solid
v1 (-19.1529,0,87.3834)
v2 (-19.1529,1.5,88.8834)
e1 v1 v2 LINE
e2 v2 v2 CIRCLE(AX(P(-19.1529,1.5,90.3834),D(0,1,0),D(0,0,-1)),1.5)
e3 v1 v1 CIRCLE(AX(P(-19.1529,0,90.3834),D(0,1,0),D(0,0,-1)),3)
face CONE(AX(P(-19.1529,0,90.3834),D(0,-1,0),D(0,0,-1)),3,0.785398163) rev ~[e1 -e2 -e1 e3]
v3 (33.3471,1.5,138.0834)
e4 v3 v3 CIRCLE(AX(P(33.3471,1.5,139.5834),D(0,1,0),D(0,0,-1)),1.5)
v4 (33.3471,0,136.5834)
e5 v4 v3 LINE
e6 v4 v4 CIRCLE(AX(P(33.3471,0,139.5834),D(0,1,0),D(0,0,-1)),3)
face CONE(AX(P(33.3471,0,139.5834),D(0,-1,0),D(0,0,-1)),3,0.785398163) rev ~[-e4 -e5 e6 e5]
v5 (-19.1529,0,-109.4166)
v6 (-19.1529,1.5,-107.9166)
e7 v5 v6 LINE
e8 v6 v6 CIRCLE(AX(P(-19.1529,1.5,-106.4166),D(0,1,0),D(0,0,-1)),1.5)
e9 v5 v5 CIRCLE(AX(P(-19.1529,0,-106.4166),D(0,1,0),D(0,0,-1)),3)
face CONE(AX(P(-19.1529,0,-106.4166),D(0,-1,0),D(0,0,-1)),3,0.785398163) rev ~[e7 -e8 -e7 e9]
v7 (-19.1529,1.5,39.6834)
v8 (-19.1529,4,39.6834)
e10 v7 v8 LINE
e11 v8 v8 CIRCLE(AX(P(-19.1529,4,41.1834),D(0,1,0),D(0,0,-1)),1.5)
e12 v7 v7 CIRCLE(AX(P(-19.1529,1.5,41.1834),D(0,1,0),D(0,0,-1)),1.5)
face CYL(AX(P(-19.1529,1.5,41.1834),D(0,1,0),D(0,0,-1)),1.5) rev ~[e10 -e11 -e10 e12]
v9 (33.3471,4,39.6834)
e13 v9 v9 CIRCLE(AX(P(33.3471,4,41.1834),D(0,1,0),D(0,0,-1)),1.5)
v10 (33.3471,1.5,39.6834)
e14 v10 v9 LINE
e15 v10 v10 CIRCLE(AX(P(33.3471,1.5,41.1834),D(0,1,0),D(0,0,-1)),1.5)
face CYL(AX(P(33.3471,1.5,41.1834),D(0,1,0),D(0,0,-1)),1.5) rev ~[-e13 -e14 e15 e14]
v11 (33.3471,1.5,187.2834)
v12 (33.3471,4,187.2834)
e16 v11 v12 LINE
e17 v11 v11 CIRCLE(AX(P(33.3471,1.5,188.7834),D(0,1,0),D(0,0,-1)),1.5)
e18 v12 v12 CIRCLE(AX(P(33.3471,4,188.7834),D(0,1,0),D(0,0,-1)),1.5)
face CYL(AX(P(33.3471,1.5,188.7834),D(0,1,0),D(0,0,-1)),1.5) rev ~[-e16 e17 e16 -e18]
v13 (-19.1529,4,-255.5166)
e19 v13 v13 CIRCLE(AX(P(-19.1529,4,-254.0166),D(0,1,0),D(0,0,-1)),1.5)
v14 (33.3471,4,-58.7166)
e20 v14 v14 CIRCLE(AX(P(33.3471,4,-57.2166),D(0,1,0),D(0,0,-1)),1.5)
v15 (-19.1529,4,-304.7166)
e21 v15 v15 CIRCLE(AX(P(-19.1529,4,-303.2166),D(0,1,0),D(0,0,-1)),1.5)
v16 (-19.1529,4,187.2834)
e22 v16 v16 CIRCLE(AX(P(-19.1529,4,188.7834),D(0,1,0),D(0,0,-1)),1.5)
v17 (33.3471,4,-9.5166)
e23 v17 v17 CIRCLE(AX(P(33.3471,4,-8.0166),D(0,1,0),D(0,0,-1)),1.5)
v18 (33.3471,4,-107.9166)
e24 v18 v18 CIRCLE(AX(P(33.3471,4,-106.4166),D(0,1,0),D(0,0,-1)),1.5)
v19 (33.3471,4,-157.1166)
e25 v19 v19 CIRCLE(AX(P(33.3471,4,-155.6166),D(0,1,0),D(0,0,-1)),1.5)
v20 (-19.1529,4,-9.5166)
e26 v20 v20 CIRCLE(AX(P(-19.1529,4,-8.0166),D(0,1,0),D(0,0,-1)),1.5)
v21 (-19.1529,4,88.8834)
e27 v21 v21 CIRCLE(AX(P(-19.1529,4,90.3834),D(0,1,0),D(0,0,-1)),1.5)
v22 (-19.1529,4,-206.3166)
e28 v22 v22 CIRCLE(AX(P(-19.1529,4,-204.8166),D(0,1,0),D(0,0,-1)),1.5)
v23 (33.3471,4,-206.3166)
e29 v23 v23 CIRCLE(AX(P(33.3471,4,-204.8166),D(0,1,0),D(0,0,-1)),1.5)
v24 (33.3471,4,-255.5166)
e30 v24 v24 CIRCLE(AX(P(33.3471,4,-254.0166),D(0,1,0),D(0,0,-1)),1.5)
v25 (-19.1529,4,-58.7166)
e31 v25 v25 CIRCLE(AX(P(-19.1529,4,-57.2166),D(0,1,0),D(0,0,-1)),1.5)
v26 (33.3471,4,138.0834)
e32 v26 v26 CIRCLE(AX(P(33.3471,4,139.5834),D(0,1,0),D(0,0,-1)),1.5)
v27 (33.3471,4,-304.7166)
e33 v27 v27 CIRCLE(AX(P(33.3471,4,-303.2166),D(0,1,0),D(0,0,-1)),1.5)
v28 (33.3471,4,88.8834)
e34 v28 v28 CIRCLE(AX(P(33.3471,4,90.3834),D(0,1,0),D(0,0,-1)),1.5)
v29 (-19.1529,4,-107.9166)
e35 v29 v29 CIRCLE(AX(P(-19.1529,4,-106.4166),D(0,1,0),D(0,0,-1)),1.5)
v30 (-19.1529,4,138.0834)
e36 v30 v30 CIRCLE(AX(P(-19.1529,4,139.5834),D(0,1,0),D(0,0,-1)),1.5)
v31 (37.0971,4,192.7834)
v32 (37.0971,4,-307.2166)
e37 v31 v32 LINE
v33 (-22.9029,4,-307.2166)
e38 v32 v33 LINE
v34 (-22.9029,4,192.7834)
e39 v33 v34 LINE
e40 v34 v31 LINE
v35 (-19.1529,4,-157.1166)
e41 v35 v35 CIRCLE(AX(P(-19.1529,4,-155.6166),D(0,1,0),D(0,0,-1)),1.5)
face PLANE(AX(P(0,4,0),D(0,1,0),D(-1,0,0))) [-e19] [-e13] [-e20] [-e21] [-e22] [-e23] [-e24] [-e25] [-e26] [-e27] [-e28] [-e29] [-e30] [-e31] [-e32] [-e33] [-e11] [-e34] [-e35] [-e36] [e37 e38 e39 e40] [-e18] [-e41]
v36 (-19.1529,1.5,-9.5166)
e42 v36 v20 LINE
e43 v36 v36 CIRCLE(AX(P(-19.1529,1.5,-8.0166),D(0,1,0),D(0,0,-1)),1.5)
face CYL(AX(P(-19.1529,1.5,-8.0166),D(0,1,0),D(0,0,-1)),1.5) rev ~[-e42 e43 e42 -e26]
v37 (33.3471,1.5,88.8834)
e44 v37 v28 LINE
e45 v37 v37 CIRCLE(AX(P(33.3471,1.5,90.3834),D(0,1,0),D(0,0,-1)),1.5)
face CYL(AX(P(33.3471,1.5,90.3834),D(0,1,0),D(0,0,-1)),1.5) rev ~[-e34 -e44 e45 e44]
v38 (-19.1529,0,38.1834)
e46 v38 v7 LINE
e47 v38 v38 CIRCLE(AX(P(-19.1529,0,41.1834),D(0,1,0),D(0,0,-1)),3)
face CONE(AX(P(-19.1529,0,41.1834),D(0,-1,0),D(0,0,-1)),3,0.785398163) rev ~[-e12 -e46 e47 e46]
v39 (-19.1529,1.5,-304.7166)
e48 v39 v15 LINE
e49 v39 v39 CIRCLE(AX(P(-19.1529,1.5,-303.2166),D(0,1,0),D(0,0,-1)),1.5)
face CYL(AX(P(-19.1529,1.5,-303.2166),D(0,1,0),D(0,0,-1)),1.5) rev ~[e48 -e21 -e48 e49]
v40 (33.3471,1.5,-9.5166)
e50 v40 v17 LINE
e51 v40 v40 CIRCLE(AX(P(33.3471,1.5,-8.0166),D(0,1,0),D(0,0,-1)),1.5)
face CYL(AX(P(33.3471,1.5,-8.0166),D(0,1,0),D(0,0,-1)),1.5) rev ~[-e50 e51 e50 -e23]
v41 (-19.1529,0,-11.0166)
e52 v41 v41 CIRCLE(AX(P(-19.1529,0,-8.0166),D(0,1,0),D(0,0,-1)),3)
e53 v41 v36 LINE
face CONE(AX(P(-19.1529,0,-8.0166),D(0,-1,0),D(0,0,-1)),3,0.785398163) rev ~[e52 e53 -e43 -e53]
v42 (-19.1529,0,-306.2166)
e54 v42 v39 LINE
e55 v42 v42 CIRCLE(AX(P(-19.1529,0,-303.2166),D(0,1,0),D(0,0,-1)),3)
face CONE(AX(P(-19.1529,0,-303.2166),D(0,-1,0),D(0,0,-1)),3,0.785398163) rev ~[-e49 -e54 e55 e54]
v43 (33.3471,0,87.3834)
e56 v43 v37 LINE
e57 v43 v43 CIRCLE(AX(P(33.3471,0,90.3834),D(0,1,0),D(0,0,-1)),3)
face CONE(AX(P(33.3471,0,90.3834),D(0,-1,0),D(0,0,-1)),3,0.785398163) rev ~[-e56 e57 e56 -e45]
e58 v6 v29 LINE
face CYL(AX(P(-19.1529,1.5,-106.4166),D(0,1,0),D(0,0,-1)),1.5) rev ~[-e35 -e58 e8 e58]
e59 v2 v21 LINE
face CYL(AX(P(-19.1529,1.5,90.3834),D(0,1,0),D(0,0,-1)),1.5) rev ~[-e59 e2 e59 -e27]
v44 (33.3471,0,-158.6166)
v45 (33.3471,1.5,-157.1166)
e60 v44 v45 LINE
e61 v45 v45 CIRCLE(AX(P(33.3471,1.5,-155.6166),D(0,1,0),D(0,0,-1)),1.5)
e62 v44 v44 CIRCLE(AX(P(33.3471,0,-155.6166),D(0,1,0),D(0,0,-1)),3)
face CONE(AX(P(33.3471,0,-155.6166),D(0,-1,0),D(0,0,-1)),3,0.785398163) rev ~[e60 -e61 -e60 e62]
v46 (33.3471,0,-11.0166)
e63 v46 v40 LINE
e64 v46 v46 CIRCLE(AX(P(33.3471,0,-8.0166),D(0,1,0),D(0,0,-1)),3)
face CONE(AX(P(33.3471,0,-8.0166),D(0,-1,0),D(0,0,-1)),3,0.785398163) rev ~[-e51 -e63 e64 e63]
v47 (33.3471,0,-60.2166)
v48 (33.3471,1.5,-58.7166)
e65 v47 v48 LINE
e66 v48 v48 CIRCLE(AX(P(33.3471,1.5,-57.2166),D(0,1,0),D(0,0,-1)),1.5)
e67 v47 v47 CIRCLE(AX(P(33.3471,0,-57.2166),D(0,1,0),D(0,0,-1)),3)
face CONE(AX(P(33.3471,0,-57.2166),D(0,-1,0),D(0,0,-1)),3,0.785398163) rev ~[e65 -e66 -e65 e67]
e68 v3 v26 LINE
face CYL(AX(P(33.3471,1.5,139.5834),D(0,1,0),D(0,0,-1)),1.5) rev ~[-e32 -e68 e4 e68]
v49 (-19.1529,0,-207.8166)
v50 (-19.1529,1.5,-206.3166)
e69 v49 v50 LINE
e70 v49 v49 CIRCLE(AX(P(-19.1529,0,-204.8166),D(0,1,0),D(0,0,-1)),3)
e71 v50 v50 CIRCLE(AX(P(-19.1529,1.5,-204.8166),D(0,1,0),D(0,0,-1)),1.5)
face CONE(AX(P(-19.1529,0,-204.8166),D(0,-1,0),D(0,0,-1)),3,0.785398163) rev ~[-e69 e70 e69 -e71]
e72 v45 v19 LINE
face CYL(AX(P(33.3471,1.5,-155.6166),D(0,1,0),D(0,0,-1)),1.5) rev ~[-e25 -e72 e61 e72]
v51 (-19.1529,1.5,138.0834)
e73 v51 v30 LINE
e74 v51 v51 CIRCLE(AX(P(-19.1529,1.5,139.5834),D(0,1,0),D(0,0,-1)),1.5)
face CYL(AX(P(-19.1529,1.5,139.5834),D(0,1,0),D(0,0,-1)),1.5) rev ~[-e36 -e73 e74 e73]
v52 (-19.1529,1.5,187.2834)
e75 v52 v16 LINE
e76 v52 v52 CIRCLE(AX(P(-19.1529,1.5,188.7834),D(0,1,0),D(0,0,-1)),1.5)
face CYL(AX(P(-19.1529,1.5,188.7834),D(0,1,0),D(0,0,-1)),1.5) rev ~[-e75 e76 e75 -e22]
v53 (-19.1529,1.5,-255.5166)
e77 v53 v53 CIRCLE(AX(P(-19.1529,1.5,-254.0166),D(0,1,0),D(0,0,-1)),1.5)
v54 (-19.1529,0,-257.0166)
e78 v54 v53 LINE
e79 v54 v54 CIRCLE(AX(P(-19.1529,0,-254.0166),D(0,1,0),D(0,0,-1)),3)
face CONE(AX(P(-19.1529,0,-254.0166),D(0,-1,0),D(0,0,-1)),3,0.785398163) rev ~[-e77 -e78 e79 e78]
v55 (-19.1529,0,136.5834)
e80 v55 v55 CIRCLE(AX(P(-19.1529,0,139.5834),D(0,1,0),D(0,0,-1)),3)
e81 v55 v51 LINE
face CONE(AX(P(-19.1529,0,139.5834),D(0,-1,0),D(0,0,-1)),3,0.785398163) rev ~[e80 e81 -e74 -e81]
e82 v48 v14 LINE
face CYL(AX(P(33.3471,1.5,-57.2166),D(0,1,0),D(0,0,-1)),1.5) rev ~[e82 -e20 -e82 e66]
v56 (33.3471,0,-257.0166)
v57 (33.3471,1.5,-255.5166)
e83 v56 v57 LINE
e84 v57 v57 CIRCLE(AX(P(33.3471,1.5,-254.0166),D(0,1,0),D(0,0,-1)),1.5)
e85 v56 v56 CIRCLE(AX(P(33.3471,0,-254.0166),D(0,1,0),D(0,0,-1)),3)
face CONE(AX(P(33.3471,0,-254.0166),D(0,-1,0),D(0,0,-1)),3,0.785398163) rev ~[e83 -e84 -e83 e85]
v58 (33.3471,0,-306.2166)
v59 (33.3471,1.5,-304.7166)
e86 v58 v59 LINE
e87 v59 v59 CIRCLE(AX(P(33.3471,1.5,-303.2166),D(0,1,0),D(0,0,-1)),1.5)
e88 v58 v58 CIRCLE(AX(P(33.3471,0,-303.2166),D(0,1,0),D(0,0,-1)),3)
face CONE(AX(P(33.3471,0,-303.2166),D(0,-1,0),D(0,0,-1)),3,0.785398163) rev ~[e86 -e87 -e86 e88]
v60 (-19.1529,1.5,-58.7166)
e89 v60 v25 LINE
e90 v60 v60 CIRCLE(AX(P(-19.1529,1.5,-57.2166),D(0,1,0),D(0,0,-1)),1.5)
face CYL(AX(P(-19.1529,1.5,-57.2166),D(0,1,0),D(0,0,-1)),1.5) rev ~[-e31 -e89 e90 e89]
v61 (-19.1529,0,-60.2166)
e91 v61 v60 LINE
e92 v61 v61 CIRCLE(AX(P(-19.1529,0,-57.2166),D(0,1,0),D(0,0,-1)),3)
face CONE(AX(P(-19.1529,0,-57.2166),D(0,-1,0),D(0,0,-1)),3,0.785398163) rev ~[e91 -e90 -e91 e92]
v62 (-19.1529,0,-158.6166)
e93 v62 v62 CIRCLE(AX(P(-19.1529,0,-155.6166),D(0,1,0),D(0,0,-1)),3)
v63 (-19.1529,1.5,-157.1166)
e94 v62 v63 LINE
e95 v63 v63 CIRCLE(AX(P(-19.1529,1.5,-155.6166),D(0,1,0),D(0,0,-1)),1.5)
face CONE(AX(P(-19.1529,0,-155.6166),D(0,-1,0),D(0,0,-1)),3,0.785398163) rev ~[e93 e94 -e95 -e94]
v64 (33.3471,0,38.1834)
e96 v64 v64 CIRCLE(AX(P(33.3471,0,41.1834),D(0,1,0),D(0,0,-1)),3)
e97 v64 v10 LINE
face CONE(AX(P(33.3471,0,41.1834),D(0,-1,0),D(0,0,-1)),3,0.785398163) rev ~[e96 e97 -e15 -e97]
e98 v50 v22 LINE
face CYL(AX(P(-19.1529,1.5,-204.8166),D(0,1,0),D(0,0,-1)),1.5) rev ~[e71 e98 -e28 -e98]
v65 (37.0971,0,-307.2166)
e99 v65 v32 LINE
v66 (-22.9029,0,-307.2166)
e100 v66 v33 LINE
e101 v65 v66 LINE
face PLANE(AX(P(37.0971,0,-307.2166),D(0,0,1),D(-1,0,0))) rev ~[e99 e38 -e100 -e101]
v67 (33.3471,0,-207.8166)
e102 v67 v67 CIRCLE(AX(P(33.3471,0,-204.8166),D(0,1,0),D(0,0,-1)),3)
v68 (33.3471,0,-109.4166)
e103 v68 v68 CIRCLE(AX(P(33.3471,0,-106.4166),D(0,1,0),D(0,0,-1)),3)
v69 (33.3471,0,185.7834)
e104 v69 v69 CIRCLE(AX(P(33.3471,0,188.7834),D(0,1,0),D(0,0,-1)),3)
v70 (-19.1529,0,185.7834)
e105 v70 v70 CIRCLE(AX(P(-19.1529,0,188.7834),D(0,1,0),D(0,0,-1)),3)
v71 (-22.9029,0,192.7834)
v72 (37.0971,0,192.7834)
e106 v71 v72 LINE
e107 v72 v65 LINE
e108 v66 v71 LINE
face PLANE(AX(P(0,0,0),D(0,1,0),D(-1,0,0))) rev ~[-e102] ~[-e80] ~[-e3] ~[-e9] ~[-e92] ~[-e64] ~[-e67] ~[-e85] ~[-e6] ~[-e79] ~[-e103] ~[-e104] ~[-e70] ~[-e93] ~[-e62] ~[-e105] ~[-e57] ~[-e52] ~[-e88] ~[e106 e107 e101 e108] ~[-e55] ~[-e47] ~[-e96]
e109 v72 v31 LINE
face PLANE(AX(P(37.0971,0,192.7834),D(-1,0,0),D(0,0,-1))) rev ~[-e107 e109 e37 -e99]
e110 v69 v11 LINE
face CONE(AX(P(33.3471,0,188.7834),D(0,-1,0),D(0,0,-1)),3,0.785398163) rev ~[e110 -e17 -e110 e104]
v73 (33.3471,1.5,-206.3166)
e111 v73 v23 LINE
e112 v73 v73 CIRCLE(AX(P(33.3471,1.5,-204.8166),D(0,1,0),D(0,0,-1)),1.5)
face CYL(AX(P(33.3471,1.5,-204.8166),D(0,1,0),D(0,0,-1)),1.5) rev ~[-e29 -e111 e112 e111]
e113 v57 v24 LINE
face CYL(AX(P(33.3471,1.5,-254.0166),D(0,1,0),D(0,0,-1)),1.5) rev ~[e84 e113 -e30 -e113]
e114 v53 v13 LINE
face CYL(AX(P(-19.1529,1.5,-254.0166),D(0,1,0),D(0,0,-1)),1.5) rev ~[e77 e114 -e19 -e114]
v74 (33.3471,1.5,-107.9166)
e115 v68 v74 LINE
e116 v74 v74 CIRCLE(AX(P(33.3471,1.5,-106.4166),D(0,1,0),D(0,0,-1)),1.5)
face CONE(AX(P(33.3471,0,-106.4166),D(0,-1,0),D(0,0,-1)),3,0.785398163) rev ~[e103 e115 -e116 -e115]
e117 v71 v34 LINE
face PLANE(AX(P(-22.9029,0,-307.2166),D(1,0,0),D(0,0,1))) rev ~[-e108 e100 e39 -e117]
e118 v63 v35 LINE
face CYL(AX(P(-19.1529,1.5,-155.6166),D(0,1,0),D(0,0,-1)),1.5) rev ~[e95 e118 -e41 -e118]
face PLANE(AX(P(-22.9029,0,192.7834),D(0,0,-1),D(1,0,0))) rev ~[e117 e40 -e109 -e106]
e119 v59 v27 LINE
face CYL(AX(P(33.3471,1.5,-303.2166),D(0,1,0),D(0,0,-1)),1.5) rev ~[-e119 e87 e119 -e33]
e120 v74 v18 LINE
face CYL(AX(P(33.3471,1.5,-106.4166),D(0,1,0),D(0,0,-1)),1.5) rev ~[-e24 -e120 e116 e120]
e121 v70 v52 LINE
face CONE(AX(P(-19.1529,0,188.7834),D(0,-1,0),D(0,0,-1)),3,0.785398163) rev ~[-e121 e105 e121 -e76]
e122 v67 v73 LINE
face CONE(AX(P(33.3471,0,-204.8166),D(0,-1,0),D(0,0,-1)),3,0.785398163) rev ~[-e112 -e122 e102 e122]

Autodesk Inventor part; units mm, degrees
ref_plane "YZ Plane" through (0, 0, 0) normal (1, 0, 0) x (0, 1, 0)
ref_plane "XZ Plane" through (0, 0, 0) normal (0, 1, 0) x (-1, 0, 0)
ref_plane "XY Plane" through (0, 0, 0) normal (0, 0, 1) x (1, 0, 0)
sketch "Skizze1" plane through (0, 0, 0) normal (0, 1, 0) x (-1, 0, 0)
  line L0 (22.9029, 192.7834) -> (-37.0971, 192.7834)
  line L1 (-37.0971, 192.7834) -> (-37.0971, -307.2166)
  line L2 (-37.0971, -307.2166) -> (22.9029, -307.2166)
  line L3 (22.9029, -307.2166) -> (22.9029, 192.7834)
  dimension "d15" = 500
  dimension "d16" = 60
extrude "Extrusion1" add sketch "Skizze1" along normal blind 4
sketch "Skizze3" plane through (0, 0, 0) normal (0, -1, 0) x (1, 0, 0)
  line L0 (-22.9029, 192.7834) -> (37.0971, 192.7834) projected
  line L1 (-22.9029, -307.2166) -> (-22.9029, 192.7834) projected
  point P0 (0, 0)
  point P1 (-19.1529, 188.7834)
  dimension "d74" = 4
  dimension "d75" = 3.75
hole "Bohrung1" at (-19.1529, 0, 188.7834) direction (0, 1, 0) diameter 3 end through all countersink diameter 6 countersink angle 90
pattern_linear "Rechteckige Anordnung1" count 11 spacing 49.2 along (0, 0, -1) count 2 spacing 52.5 along (1, 0, 0) of "Bohrung1"
properties part number "Unterer_Deckel"
